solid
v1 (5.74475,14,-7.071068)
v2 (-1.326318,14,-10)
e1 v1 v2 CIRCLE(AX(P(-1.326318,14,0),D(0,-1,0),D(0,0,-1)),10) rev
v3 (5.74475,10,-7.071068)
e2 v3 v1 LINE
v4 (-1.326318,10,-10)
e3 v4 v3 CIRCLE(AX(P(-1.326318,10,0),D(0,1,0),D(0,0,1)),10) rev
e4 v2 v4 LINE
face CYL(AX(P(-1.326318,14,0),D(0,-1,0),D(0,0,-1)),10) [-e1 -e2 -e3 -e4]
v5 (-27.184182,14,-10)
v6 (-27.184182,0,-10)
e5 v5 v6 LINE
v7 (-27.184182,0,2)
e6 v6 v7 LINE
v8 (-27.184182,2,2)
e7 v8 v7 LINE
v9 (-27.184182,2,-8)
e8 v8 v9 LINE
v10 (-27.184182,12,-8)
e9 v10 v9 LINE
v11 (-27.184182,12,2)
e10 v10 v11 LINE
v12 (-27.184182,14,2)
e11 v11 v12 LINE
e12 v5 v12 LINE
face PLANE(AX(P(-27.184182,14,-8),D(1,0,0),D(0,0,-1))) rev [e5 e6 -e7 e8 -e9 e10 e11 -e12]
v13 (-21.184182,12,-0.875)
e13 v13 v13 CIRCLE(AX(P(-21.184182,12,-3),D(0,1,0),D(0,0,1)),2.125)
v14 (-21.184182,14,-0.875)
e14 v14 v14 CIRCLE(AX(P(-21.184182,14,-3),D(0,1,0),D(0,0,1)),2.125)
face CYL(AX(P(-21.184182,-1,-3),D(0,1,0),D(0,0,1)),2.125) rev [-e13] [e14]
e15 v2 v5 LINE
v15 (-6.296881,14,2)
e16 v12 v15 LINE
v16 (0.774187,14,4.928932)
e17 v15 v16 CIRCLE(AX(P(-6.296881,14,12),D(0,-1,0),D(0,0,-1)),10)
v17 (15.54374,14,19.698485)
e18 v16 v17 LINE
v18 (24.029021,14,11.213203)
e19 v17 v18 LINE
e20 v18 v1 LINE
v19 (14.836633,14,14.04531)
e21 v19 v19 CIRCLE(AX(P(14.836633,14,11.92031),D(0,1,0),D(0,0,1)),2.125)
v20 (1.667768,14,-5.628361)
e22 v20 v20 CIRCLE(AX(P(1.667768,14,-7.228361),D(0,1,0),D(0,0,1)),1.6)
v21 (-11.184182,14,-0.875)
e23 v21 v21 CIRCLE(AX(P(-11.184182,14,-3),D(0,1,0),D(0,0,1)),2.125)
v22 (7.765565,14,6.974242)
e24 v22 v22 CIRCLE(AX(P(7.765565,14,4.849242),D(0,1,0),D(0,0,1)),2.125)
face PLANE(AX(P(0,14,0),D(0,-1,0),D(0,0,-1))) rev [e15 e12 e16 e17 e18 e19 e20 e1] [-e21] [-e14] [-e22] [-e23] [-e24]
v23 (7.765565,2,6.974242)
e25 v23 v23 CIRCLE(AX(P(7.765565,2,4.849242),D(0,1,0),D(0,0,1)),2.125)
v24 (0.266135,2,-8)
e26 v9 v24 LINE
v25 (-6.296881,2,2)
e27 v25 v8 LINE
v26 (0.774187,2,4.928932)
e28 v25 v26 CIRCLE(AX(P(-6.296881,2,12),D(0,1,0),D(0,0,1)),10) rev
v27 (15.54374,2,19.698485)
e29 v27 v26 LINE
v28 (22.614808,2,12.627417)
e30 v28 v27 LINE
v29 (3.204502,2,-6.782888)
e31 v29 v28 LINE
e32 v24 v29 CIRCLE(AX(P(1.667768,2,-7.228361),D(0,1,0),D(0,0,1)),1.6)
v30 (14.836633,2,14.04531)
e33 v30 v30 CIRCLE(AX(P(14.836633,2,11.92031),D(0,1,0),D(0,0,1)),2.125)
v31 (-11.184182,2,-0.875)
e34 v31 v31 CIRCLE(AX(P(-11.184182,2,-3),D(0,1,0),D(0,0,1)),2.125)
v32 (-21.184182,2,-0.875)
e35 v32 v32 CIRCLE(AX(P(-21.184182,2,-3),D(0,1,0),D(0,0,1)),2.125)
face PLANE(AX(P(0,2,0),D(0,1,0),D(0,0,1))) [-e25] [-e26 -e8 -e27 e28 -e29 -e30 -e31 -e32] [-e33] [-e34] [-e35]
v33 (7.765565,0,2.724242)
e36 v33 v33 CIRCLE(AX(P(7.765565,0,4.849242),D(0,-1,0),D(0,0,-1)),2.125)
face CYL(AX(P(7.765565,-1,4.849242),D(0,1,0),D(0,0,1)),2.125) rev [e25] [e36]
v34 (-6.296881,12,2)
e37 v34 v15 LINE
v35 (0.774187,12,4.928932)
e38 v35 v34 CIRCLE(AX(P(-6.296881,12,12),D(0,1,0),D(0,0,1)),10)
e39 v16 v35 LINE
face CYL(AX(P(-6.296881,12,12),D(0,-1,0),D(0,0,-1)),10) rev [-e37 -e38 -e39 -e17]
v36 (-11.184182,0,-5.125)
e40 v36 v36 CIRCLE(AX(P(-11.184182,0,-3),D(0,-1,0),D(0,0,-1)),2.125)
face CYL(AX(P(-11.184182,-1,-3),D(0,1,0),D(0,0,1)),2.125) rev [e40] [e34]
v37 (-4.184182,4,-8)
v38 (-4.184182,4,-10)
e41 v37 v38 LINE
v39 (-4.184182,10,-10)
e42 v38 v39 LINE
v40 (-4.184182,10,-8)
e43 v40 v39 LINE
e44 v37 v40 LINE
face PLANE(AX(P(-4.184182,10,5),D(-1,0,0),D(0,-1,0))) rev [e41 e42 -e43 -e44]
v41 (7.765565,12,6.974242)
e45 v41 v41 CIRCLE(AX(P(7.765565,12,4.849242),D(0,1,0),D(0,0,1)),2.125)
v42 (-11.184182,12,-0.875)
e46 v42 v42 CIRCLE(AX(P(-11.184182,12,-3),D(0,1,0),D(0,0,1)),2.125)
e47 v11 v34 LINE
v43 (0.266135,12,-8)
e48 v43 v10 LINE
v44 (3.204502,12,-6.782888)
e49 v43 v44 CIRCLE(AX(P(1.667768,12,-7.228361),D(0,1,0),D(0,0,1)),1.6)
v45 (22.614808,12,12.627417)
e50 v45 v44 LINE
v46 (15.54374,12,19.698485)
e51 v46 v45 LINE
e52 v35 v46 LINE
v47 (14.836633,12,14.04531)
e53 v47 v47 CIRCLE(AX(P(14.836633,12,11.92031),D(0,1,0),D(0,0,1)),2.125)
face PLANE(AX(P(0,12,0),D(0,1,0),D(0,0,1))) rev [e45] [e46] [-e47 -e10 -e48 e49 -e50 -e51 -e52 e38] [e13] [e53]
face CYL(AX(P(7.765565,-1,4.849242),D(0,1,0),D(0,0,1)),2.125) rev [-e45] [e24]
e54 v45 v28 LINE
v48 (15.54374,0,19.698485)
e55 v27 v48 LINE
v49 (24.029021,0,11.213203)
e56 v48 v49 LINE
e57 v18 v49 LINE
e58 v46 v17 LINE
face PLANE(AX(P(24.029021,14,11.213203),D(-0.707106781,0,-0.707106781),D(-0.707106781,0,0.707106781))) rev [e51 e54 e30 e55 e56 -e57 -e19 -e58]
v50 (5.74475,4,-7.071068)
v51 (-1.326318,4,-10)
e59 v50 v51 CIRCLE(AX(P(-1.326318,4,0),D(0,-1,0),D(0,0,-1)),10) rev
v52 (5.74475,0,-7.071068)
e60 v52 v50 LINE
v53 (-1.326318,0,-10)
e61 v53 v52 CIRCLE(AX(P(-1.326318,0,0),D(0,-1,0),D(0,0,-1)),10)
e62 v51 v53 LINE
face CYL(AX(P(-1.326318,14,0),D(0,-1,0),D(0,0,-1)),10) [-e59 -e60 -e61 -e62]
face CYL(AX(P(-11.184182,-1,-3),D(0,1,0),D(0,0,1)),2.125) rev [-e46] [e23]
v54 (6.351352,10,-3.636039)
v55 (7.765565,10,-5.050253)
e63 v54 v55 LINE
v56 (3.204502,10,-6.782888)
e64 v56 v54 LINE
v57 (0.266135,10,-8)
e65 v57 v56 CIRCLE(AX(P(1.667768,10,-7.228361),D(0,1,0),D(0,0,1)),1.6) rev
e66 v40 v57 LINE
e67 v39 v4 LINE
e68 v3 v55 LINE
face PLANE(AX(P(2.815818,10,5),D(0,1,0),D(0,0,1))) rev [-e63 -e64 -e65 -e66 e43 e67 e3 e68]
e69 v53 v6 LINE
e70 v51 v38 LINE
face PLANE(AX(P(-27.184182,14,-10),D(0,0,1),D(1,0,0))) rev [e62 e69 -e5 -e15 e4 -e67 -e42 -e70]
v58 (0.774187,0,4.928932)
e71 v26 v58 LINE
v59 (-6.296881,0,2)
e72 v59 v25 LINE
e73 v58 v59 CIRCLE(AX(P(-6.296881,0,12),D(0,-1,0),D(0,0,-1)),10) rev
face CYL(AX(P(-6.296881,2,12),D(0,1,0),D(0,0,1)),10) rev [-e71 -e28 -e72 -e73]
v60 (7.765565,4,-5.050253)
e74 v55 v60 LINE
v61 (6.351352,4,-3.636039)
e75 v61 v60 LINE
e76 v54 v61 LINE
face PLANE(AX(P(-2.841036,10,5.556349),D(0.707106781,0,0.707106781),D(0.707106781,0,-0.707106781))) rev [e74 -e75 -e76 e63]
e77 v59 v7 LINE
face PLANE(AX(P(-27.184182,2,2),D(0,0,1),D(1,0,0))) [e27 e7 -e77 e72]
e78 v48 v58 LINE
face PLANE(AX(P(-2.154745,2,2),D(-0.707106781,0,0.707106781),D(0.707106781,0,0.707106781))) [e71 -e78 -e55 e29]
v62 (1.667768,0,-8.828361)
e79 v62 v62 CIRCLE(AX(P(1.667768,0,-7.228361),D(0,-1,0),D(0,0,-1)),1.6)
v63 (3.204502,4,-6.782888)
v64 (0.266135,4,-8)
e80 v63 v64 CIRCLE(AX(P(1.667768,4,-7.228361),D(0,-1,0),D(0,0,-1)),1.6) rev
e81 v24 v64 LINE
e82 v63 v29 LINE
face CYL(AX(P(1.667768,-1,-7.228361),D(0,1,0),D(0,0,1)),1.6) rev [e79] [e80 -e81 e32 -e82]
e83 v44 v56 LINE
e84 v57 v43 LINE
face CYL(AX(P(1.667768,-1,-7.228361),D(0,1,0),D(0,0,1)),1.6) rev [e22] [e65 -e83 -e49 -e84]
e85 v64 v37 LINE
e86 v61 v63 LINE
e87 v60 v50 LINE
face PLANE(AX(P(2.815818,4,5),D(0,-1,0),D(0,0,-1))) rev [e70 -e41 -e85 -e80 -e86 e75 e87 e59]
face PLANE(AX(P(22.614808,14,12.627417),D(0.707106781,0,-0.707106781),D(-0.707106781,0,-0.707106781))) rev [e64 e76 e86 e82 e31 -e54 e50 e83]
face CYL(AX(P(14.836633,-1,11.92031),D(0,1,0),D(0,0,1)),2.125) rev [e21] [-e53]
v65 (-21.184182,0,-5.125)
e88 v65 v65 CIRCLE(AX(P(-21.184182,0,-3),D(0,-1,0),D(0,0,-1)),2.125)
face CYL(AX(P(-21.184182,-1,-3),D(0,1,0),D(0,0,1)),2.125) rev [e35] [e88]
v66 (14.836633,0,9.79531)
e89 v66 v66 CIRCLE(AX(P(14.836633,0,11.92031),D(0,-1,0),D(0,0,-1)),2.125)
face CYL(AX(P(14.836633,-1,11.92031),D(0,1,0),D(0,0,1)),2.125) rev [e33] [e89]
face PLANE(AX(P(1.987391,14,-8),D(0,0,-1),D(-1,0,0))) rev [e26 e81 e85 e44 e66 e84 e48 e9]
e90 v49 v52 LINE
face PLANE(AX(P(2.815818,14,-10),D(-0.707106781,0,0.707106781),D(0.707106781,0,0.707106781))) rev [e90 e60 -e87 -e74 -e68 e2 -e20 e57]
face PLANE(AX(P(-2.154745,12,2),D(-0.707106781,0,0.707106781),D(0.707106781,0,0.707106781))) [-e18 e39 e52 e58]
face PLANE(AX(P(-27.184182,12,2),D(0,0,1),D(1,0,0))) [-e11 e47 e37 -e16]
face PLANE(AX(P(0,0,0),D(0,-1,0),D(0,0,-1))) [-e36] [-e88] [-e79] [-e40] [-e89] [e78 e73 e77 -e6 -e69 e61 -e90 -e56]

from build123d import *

# Parameters (mm, degrees)
BOSS_EXTRUDE1_DEPTH = 14
BOSS_EXTRUDE2_DEPTH = 2
BOSS_EXTRUDE3_DEPTH = 2
SKETCH4_R           = 2.125
CUT_EXTRUDE1_DEPTH  = 15
SKETCH5_R           = 1.6
CUT_EXTRUDE2_DEPTH  = 15
SKETCH6_W           = 7
SKETCH6_H           = 6
CUT_EXTRUDE3_DEPTH  = 15
SKETCH7_W           = 7
SKETCH7_H           = 6
CUT_EXTRUDE4_DEPTH  = 15
FILLET2_R           = 10
FILLET3_R           = 10


with BuildPart() as part:
    # Sketch1 → Boss-Extrude1 (new body)
    with BuildSketch(Plane(origin=(0, 0, 0), x_dir=(1, 0, 0), z_dir=(0, 1, 0))):
        Polygon((-27.184182145, 10), (2.815817855, 10), (24.029021291, -11.213203436), (22.614807728, -12.627416998), (1.98739073, 8), (-27.184182145, 8), align=None)
    extrude(amount=BOSS_EXTRUDE1_DEPTH)

    # Sketch2 → Boss-Extrude2 (add)
    with BuildSketch(Plane(origin=(0, 14, 0), x_dir=(1, 0, 0), z_dir=(0, 1, 0))):
        Polygon((-27.184182145, 8), (-27.184182145, -2), (-2.154744893, -2), (15.543739917, -19.69848481), (22.614807728, -12.627416998), (1.98739073, 8), align=None)
    extrude(amount=-BOSS_EXTRUDE2_DEPTH)

    # Sketch3 → Boss-Extrude3 (add)
    with BuildSketch(Plane.XZ):
        Polygon((-27.184182145, -8), (-27.184182145, 2), (-2.154744893, 2), (15.543739917, 19.69848481), (22.614807728, 12.627416998), (1.98739073, -8), align=None)
    extrude(amount=-BOSS_EXTRUDE3_DEPTH)

    # Sketch4 → Cut-Extrude1 (cut)
    with BuildSketch(Plane(origin=(0, 14, 0), x_dir=(1, 0, 0), z_dir=(0, 1, 0))):
        with Locations(Location((-21.184182145, 3, 0), (0, 0, 270))):
            Circle(SKETCH4_R)
        with Locations(Location((-11.184182145, 3, 0), (0, 0, 270))):
            Circle(SKETCH4_R)
        with Locations(Location((7.765565323, -4.849242405, 0), (0, 0, 270))):
            Circle(SKETCH4_R)
        with Locations(Location((14.836633135, -11.920310217, 0), (0, 0, 270))):
            Circle(SKETCH4_R)
    extrude(amount=-CUT_EXTRUDE1_DEPTH, mode=Mode.SUBTRACT)

    # Sketch5 → Cut-Extrude2 (cut)
    with BuildSketch(Plane(origin=(0, 14, 0), x_dir=(1, 0, 0), z_dir=(0, 1, 0))):
        with Locations(Location((1.667767558, 7.228361402, 0), (0, 0, 270))):
            Circle(SKETCH5_R)
    extrude(amount=-CUT_EXTRUDE2_DEPTH, mode=Mode.SUBTRACT)

    # Sketch6 → Cut-Extrude3 (cut)
    with BuildSketch(Plane(origin=(0, 0, -10), x_dir=(-1, 0, 0), z_dir=(0, 0, -1))):
        with Locations((0.684182145, 7)):
            Rectangle(SKETCH6_W, SKETCH6_H)
    extrude(amount=-CUT_EXTRUDE3_DEPTH, mode=Mode.SUBTRACT)

    # Sketch7 → Cut-Extrude4 (cut)
    with BuildSketch(Plane(origin=(6.407908928, 0, -6.407908928), x_dir=(-0.7071067811865465, 0, -0.7071067811865487), z_dir=(0.7071067811865487, 0, -0.7071067811865465))):
        with Locations((1.579983912, 7)):
            Rectangle(SKETCH7_W, SKETCH7_H)
    extrude(amount=-CUT_EXTRUDE4_DEPTH, mode=Mode.SUBTRACT)

    # Fillet2
    fillet2_edges = [part.edges().sort_by_distance(p)[0] for p in [
        (2.815817855, 2, -10),
        (2.815817855, 12, -10),
    ]]
    fillet(fillet2_edges, radius=FILLET2_R)

    # Fillet3
    fillet3_edges = [part.edges().sort_by_distance(p)[0] for p in [
        (-2.154744893, 13, 2),
        (-2.154744893, 1, 2),
    ]]
    fillet(fillet3_edges, radius=FILLET3_R)


solid = part.part
